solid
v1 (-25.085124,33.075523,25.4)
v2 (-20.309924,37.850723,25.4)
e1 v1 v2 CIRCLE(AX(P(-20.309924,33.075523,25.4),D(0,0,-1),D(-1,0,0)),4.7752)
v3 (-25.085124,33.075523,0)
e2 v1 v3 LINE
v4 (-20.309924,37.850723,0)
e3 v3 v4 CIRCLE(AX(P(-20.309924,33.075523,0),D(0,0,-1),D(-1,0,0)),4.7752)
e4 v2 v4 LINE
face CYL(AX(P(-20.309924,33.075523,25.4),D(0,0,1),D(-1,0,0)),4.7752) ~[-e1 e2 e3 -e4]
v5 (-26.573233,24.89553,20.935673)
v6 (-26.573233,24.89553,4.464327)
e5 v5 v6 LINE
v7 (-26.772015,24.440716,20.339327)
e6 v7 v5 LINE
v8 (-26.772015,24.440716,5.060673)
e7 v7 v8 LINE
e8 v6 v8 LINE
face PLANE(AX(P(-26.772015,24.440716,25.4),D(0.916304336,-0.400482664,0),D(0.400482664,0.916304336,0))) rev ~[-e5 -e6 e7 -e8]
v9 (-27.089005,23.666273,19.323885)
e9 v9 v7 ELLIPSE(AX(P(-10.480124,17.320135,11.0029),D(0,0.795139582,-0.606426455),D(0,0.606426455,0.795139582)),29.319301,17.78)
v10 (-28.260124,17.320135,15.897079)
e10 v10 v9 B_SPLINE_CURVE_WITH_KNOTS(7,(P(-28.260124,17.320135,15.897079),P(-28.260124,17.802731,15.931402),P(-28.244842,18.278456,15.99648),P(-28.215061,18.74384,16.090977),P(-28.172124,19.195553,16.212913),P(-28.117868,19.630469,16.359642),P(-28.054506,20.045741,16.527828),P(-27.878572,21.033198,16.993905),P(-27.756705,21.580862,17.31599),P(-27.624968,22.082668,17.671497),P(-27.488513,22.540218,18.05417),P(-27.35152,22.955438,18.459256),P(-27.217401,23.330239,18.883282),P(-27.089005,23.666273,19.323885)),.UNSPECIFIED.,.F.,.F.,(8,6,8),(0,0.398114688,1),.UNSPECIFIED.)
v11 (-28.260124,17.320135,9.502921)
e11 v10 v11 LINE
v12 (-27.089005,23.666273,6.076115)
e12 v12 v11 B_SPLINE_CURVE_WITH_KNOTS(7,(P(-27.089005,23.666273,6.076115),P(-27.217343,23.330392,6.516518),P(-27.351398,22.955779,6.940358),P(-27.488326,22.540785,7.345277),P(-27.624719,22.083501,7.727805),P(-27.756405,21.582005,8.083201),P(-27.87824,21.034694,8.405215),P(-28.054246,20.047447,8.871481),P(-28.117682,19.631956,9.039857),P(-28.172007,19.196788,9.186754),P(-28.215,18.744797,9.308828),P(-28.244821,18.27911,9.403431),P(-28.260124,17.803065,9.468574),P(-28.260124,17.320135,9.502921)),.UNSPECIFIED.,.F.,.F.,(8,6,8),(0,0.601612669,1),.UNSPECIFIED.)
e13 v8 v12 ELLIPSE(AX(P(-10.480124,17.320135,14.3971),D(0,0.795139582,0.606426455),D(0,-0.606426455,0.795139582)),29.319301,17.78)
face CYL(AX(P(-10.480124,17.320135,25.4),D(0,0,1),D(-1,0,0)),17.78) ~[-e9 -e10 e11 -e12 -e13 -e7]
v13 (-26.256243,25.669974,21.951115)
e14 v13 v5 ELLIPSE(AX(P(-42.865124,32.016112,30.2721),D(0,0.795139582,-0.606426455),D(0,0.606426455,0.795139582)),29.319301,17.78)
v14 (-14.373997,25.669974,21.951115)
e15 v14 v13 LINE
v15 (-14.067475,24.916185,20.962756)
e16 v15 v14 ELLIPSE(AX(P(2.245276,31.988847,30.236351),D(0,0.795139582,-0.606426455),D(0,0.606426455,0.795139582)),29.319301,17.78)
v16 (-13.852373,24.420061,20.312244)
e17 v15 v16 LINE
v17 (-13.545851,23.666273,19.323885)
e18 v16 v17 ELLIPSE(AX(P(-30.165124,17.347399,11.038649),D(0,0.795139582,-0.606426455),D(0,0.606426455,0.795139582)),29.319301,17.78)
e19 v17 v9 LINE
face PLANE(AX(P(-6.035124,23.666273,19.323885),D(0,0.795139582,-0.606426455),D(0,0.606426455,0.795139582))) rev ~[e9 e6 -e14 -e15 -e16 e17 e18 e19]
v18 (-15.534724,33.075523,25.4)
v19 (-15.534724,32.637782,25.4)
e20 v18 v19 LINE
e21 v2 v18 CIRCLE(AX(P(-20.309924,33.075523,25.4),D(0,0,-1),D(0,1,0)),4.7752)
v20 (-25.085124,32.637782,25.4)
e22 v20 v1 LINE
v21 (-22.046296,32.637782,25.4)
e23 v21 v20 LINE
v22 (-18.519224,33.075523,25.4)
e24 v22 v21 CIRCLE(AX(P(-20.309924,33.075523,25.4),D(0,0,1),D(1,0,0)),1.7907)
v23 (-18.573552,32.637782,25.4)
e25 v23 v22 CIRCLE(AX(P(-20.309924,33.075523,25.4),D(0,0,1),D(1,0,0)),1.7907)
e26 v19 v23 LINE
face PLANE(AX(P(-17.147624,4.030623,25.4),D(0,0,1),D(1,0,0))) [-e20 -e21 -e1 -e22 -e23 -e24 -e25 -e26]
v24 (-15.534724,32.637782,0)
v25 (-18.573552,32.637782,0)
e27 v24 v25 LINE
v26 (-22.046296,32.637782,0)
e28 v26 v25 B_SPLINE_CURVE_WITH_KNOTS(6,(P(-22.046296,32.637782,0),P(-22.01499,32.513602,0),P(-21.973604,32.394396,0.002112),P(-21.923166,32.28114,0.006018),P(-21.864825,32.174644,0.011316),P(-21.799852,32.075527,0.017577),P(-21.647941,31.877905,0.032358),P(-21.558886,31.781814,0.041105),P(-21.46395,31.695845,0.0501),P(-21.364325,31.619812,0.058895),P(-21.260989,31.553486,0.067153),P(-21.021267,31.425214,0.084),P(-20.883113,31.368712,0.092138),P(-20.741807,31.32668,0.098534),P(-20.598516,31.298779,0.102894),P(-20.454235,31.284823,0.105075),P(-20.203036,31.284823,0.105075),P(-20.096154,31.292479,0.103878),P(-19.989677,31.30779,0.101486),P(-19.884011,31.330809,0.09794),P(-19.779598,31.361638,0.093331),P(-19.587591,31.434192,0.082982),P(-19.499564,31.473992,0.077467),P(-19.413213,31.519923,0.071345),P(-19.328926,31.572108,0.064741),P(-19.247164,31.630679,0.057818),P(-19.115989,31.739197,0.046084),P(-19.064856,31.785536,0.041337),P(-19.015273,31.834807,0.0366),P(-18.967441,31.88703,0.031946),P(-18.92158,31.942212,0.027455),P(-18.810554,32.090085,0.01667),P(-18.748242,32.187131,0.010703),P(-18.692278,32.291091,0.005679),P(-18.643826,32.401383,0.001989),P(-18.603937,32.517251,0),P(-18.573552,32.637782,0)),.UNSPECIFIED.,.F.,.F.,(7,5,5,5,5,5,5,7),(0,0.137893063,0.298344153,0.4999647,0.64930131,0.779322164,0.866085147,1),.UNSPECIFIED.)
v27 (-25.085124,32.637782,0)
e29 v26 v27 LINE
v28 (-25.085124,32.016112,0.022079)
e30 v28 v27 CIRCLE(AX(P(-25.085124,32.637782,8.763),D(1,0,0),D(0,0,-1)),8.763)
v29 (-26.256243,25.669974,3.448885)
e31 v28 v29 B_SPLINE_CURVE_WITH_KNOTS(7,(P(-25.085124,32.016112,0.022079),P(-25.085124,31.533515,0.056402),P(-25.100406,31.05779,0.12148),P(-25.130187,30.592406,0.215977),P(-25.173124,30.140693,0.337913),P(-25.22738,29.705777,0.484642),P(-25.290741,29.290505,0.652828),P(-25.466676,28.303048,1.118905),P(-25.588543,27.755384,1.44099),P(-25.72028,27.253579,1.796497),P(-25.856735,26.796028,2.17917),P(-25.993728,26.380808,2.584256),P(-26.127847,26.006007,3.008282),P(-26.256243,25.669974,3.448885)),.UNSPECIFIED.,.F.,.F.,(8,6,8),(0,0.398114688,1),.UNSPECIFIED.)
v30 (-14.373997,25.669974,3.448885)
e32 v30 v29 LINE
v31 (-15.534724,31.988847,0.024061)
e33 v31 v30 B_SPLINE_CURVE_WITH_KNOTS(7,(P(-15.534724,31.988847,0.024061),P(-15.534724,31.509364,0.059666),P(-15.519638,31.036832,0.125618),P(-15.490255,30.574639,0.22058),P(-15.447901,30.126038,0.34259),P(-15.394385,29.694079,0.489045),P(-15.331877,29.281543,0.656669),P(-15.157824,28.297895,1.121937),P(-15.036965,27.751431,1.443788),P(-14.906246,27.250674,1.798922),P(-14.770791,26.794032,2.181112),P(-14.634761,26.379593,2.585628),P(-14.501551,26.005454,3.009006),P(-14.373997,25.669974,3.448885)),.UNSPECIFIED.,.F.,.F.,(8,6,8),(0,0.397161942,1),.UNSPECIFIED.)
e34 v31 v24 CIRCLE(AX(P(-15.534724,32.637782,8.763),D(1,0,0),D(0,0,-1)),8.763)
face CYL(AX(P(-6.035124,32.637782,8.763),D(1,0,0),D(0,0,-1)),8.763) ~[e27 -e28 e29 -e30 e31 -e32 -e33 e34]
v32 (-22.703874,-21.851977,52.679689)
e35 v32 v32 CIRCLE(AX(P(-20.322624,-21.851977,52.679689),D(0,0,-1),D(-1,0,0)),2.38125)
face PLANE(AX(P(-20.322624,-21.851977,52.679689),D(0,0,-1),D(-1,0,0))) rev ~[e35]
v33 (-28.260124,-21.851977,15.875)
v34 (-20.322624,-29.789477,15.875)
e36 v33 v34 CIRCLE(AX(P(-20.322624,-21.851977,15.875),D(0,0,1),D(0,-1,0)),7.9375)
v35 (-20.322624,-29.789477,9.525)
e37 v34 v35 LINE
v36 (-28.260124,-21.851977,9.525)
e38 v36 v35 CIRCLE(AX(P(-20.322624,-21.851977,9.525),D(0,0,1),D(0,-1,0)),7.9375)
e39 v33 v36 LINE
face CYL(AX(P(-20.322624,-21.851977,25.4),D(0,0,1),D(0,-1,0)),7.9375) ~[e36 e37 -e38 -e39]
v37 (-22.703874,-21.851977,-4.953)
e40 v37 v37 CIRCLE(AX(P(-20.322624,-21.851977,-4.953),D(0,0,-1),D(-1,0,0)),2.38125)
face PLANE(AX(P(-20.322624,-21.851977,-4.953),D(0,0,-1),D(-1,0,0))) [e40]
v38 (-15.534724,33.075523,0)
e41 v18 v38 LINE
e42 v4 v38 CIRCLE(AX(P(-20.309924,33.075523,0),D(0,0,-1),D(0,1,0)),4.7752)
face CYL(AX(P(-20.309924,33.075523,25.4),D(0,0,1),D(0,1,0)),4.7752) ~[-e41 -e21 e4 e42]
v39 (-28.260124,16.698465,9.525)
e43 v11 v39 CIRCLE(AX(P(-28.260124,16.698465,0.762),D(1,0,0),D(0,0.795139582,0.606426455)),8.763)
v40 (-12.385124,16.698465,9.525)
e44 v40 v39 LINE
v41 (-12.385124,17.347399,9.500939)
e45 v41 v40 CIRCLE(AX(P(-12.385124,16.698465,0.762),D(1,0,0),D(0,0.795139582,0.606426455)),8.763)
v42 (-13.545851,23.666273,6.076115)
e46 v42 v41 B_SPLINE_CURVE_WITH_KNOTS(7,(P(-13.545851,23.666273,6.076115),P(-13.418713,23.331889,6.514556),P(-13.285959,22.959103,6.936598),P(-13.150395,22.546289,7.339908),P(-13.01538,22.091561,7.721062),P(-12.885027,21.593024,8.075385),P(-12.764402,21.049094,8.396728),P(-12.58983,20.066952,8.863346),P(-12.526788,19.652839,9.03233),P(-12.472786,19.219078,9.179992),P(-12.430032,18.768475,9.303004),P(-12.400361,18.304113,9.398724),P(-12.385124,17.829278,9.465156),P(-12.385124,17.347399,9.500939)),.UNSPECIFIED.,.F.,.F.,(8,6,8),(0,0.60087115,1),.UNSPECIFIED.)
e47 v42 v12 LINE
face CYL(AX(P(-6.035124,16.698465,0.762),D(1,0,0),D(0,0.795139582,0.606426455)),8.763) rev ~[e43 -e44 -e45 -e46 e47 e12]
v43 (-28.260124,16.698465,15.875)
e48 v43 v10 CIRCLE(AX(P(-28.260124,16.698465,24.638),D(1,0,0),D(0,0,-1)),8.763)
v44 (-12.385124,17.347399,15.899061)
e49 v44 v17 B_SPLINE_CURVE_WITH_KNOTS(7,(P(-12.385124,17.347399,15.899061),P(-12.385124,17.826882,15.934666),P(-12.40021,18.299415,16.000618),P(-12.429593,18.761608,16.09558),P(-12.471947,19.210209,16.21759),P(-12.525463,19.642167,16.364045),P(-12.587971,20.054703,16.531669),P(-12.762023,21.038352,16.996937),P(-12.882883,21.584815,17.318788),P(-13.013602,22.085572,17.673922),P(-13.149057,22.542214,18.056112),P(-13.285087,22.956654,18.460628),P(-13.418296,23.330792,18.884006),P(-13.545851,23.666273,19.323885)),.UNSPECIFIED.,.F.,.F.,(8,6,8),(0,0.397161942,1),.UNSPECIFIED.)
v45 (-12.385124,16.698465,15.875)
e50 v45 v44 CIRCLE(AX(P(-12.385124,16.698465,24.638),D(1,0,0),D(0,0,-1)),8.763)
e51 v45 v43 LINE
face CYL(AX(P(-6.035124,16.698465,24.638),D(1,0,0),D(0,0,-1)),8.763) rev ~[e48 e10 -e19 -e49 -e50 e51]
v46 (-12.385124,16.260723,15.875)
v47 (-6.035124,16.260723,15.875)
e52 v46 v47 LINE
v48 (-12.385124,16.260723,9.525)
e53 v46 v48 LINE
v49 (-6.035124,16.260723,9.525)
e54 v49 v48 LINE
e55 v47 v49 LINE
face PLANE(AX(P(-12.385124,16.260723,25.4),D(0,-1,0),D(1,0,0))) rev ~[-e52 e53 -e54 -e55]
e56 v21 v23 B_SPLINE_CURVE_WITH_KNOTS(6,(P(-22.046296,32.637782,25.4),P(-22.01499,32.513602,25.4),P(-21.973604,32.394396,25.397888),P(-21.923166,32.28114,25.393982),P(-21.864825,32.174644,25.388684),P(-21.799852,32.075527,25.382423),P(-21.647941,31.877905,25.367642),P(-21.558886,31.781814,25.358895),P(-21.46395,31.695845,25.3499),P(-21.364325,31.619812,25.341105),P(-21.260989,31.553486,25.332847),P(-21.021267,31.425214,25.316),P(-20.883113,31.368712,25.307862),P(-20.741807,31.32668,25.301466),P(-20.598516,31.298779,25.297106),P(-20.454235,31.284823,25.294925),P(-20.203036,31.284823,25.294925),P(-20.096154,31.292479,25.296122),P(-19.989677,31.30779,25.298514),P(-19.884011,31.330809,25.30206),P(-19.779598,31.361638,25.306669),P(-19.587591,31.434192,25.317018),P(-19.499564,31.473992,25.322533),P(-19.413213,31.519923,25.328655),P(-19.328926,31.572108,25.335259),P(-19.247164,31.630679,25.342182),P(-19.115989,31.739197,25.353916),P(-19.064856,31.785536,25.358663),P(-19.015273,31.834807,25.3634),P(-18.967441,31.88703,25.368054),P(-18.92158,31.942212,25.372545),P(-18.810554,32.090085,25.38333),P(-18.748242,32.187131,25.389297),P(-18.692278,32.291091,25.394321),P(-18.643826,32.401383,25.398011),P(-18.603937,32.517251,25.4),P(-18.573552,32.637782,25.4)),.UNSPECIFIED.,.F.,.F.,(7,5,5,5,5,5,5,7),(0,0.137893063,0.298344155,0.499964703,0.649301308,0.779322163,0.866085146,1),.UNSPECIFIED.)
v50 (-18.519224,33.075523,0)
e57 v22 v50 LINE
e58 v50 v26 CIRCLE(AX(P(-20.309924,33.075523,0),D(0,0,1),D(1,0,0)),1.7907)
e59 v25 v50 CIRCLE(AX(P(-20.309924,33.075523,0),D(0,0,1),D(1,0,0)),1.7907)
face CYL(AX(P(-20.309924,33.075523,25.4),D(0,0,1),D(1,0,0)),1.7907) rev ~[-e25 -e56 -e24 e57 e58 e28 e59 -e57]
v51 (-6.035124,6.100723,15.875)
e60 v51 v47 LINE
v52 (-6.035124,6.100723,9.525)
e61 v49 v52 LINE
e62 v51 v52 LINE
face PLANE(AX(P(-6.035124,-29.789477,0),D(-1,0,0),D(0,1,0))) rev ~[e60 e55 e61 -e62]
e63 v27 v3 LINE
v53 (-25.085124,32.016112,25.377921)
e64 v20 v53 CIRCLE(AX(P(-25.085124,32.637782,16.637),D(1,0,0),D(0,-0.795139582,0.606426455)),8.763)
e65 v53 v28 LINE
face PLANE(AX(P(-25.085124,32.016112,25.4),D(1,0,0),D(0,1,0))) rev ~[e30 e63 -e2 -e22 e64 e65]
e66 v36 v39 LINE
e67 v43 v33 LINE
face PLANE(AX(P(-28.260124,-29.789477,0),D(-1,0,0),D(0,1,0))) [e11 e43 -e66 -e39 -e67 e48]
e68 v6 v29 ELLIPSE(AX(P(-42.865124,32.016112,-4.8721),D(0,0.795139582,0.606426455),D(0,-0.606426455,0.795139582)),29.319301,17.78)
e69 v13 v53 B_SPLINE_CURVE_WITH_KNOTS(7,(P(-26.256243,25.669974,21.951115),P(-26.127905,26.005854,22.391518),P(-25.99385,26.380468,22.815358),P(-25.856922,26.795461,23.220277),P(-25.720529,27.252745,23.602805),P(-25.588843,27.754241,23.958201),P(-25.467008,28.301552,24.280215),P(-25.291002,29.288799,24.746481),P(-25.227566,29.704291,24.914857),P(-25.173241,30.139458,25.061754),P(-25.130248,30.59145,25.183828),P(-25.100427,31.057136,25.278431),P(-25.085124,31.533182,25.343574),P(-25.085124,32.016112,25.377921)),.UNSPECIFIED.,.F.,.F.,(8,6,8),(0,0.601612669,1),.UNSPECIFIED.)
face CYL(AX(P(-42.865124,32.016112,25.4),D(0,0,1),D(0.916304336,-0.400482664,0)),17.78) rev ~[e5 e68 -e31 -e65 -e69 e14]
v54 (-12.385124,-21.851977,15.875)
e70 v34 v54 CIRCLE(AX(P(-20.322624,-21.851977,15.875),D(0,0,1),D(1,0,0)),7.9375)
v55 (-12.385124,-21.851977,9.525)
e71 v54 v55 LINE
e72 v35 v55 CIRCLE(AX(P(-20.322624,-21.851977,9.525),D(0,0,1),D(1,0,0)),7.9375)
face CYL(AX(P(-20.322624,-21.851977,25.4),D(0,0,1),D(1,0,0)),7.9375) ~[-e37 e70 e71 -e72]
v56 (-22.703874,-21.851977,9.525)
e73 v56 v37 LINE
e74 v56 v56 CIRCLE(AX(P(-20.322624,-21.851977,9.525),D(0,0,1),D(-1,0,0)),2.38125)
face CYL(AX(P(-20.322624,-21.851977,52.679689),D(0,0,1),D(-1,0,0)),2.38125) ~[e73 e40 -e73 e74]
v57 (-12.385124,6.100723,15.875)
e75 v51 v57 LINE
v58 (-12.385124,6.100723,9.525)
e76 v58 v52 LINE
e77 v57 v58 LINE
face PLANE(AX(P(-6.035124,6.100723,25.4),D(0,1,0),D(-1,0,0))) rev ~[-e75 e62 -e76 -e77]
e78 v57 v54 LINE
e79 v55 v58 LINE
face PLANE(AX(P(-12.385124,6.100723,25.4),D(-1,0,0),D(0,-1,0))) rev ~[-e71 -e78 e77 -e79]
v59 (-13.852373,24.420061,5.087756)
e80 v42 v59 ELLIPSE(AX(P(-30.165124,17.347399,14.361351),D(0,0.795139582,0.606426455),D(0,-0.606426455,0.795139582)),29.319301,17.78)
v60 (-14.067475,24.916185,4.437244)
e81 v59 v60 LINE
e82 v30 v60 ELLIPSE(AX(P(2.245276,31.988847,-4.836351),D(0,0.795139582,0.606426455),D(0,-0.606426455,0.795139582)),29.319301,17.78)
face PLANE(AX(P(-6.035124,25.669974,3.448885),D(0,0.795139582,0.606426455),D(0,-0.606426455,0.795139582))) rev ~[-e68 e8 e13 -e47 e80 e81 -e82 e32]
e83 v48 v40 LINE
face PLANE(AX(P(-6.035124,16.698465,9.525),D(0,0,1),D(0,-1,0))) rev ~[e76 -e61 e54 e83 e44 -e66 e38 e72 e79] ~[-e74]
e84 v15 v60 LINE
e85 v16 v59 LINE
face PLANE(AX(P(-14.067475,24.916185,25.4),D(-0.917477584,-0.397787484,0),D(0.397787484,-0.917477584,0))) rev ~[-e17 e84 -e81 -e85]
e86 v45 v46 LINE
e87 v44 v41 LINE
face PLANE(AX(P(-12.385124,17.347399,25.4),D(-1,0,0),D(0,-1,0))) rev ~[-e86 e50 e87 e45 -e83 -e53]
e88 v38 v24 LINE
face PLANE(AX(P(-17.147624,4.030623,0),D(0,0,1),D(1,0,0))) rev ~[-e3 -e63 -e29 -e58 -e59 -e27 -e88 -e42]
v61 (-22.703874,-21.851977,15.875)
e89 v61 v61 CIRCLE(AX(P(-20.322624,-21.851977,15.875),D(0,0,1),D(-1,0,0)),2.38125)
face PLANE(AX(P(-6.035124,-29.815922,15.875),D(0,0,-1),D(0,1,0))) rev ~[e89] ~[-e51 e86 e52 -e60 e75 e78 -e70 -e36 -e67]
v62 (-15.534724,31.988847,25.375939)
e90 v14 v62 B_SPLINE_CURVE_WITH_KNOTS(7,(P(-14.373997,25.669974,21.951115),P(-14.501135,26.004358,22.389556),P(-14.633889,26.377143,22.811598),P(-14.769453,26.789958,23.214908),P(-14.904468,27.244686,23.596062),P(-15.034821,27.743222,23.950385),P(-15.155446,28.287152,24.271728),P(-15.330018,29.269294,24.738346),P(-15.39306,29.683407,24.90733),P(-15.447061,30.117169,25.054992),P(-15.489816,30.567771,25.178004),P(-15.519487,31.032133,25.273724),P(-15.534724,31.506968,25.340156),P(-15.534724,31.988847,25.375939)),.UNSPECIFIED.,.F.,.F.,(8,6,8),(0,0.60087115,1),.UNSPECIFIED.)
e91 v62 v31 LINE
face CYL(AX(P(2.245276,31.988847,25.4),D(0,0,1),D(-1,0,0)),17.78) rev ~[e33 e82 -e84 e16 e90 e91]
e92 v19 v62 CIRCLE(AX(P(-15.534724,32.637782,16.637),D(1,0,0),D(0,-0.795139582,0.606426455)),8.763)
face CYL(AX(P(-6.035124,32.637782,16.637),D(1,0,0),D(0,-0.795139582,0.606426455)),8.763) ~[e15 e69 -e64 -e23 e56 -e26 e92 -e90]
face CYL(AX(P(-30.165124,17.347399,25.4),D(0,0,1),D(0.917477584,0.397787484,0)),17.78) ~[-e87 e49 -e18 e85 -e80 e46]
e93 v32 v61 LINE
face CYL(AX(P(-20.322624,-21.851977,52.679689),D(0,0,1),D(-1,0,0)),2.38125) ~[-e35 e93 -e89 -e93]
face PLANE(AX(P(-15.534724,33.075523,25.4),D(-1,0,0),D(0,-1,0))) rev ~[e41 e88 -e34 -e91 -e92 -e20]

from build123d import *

# Parameters (mm, degrees)
SKETCH1_W           = 22.225
SKETCH1_H           = 67.6402
BOSS_EXTRUDE1_DEPTH = 25.4
SKETCH2_R           = 1.7907
CUT_EXTRUDE2_DEPTH  = 25.4
SKETCH4_W           = 9.525
SKETCH4_H           = 10.16
SKETCH4_H_2         = 35.894850391
SKETCH4_H_3         = 35.916644849
CUT_EXTRUDE3_DEPTH  = 51.712797865
BOSS_EXTRUDE2_START = -43.154689
SKETCH5_R           = 2.38125
BOSS_EXTRUDE2_DEPTH = 57.632689


with BuildPart() as part:
    # Sketch1 → Boss-Extrude1 (new body)
    with BuildSketch(Plane.XY):
        with Locations((-17.147623967, 4.03062314)):
            Rectangle(SKETCH1_W, SKETCH1_H)
    extrude(amount=BOSS_EXTRUDE1_DEPTH)

    # Sketch2 → Cut-Extrude2 (cut)
    with BuildSketch(Plane.XY.offset(25.4)):
        with BuildLine():
            ThreePointArc((-20.309923967, 37.85072314), (-16.933347665, 36.452099442), (-15.534723967, 33.07552314))
            Line((-15.534723967, 33.07552314), (-15.534723967, 31.988846816))
            ThreePointArc((-15.534723967, 31.988846816), (-15.164047916, 28.377221194), (-14.067475414, 24.916185349))
            Line((-14.067475414, 24.916185349), (-13.85237252, 24.420060932))
            ThreePointArc((-13.85237252, 24.420060932), (-12.755800018, 20.959025087), (-12.385123967, 17.347399465))
            Line((-12.385123967, 17.347399465), (-12.385123967, 16.26072314))
            Line((-12.385123967, 16.26072314), (-6.035123967, 16.26072314))
            Line((-6.035123967, 16.26072314), (-6.035123967, 37.85072314))
            Line((-6.035123967, 37.85072314), (-20.309923967, 37.85072314))
        make_face()
        with BuildLine():
            Line((-25.085123967, 32.016111722), (-25.085123967, 33.07552314))
            ThreePointArc((-25.085123967, 33.07552314), (-23.686500268, 36.452099442), (-20.309923967, 37.85072314))
            Line((-20.309923967, 37.85072314), (-28.260123967, 37.85072314))
            Line((-28.260123967, 37.85072314), (-28.260123967, 17.320134559))
            ThreePointArc((-28.260123967, 17.320134559), (-27.884120973, 20.957343409), (-26.772015056, 24.440716329))
            Line((-26.772015056, 24.440716329), (-26.573232878, 24.895529952))
            ThreePointArc((-26.573232878, 24.895529952), (-25.461126961, 28.378902872), (-25.085123967, 32.016111722))
        make_face()
        with BuildLine():
            Line((-6.035123967, -29.78947686), (-6.035123967, 6.10072314))
            Line((-6.035123967, 6.10072314), (-12.385123967, 6.10072314))
            Line((-12.385123967, 6.10072314), (-12.385123967, -21.85197686))
            ThreePointArc((-12.385123967, -21.85197686), (-14.709963891, -27.464636935), (-20.322623967, -29.78947686))
            Line((-20.322623967, -29.78947686), (-6.035123967, -29.78947686))
        make_face()
        with BuildLine():
            ThreePointArc((-20.322623967, -29.78947686), (-25.935284043, -27.464636935), (-28.260123967, -21.85197686))
            Line((-28.260123967, -21.85197686), (-28.260123967, -29.78947686))
            Line((-28.260123967, -29.78947686), (-20.322623967, -29.78947686))
        make_face()
        with Locations((-20.309923967, 33.07552314)):
            Circle(SKETCH2_R)
    extrude(amount=-CUT_EXTRUDE2_DEPTH, mode=Mode.SUBTRACT)

    # Sketch4 → Cut-Extrude3 (cut, through all)
    with BuildSketch(Plane(origin=(-6.035123967, 0, 0), x_dir=(0, 0, -1), z_dir=(1, 0, 0))):
        with BuildLine():
            Line((-9.525, 16.698464592), (-9.525, 16.26072314))
            Line((-9.525, 16.26072314), (0, 16.26072314))
            Line((0, 16.26072314), (0, 32.637781689))
            ThreePointArc((0, 32.637781689), (-0.909409772, 28.750457477), (-3.448884978, 25.669973531))
            Line((-3.448884978, 25.669973531), (-6.076115022, 23.66627275))
            ThreePointArc((-6.076115022, 23.66627275), (-8.615590228, 20.585788804), (-9.525, 16.698464592))
        make_face()
        with Locations((-4.7625, 11.18072314)):
            Rectangle(SKETCH4_W, SKETCH4_H)
        with Locations((-4.7625, -11.846702056)):
            Rectangle(SKETCH4_W, SKETCH4_H_2)
        with Locations((-20.6375, -11.857599285)):
            Rectangle(SKETCH4_W, SKETCH4_H_3)
        with Locations((-20.6375, 11.18072314)):
            Rectangle(SKETCH4_W, SKETCH4_H)
        with BuildLine():
            Line((-25.4, 16.26072314), (-15.875, 16.26072314))
            Line((-15.875, 16.26072314), (-15.875, 16.698464592))
            ThreePointArc((-15.875, 16.698464592), (-16.784409772, 20.585788804), (-19.323884978, 23.66627275))
            Line((-19.323884978, 23.66627275), (-21.951115022, 25.669973531))
            ThreePointArc((-21.951115022, 25.669973531), (-24.490590228, 28.750457477), (-25.4, 32.637781689))
            Line((-25.4, 32.637781689), (-25.4, 16.26072314))
        make_face()
    extrude(amount=-CUT_EXTRUDE3_DEPTH, mode=Mode.SUBTRACT)

    # Sketch5 → Boss-Extrude2 (add)
    with BuildSketch(Plane(origin=(0, 0, 9.525), x_dir=(-1, 0, 0), z_dir=(0, 0, -1)).offset(BOSS_EXTRUDE2_START)):
        with Locations((20.322623967, -21.85197686)):
            Circle(SKETCH5_R)
    extrude(amount=BOSS_EXTRUDE2_DEPTH)


solid = part.part
